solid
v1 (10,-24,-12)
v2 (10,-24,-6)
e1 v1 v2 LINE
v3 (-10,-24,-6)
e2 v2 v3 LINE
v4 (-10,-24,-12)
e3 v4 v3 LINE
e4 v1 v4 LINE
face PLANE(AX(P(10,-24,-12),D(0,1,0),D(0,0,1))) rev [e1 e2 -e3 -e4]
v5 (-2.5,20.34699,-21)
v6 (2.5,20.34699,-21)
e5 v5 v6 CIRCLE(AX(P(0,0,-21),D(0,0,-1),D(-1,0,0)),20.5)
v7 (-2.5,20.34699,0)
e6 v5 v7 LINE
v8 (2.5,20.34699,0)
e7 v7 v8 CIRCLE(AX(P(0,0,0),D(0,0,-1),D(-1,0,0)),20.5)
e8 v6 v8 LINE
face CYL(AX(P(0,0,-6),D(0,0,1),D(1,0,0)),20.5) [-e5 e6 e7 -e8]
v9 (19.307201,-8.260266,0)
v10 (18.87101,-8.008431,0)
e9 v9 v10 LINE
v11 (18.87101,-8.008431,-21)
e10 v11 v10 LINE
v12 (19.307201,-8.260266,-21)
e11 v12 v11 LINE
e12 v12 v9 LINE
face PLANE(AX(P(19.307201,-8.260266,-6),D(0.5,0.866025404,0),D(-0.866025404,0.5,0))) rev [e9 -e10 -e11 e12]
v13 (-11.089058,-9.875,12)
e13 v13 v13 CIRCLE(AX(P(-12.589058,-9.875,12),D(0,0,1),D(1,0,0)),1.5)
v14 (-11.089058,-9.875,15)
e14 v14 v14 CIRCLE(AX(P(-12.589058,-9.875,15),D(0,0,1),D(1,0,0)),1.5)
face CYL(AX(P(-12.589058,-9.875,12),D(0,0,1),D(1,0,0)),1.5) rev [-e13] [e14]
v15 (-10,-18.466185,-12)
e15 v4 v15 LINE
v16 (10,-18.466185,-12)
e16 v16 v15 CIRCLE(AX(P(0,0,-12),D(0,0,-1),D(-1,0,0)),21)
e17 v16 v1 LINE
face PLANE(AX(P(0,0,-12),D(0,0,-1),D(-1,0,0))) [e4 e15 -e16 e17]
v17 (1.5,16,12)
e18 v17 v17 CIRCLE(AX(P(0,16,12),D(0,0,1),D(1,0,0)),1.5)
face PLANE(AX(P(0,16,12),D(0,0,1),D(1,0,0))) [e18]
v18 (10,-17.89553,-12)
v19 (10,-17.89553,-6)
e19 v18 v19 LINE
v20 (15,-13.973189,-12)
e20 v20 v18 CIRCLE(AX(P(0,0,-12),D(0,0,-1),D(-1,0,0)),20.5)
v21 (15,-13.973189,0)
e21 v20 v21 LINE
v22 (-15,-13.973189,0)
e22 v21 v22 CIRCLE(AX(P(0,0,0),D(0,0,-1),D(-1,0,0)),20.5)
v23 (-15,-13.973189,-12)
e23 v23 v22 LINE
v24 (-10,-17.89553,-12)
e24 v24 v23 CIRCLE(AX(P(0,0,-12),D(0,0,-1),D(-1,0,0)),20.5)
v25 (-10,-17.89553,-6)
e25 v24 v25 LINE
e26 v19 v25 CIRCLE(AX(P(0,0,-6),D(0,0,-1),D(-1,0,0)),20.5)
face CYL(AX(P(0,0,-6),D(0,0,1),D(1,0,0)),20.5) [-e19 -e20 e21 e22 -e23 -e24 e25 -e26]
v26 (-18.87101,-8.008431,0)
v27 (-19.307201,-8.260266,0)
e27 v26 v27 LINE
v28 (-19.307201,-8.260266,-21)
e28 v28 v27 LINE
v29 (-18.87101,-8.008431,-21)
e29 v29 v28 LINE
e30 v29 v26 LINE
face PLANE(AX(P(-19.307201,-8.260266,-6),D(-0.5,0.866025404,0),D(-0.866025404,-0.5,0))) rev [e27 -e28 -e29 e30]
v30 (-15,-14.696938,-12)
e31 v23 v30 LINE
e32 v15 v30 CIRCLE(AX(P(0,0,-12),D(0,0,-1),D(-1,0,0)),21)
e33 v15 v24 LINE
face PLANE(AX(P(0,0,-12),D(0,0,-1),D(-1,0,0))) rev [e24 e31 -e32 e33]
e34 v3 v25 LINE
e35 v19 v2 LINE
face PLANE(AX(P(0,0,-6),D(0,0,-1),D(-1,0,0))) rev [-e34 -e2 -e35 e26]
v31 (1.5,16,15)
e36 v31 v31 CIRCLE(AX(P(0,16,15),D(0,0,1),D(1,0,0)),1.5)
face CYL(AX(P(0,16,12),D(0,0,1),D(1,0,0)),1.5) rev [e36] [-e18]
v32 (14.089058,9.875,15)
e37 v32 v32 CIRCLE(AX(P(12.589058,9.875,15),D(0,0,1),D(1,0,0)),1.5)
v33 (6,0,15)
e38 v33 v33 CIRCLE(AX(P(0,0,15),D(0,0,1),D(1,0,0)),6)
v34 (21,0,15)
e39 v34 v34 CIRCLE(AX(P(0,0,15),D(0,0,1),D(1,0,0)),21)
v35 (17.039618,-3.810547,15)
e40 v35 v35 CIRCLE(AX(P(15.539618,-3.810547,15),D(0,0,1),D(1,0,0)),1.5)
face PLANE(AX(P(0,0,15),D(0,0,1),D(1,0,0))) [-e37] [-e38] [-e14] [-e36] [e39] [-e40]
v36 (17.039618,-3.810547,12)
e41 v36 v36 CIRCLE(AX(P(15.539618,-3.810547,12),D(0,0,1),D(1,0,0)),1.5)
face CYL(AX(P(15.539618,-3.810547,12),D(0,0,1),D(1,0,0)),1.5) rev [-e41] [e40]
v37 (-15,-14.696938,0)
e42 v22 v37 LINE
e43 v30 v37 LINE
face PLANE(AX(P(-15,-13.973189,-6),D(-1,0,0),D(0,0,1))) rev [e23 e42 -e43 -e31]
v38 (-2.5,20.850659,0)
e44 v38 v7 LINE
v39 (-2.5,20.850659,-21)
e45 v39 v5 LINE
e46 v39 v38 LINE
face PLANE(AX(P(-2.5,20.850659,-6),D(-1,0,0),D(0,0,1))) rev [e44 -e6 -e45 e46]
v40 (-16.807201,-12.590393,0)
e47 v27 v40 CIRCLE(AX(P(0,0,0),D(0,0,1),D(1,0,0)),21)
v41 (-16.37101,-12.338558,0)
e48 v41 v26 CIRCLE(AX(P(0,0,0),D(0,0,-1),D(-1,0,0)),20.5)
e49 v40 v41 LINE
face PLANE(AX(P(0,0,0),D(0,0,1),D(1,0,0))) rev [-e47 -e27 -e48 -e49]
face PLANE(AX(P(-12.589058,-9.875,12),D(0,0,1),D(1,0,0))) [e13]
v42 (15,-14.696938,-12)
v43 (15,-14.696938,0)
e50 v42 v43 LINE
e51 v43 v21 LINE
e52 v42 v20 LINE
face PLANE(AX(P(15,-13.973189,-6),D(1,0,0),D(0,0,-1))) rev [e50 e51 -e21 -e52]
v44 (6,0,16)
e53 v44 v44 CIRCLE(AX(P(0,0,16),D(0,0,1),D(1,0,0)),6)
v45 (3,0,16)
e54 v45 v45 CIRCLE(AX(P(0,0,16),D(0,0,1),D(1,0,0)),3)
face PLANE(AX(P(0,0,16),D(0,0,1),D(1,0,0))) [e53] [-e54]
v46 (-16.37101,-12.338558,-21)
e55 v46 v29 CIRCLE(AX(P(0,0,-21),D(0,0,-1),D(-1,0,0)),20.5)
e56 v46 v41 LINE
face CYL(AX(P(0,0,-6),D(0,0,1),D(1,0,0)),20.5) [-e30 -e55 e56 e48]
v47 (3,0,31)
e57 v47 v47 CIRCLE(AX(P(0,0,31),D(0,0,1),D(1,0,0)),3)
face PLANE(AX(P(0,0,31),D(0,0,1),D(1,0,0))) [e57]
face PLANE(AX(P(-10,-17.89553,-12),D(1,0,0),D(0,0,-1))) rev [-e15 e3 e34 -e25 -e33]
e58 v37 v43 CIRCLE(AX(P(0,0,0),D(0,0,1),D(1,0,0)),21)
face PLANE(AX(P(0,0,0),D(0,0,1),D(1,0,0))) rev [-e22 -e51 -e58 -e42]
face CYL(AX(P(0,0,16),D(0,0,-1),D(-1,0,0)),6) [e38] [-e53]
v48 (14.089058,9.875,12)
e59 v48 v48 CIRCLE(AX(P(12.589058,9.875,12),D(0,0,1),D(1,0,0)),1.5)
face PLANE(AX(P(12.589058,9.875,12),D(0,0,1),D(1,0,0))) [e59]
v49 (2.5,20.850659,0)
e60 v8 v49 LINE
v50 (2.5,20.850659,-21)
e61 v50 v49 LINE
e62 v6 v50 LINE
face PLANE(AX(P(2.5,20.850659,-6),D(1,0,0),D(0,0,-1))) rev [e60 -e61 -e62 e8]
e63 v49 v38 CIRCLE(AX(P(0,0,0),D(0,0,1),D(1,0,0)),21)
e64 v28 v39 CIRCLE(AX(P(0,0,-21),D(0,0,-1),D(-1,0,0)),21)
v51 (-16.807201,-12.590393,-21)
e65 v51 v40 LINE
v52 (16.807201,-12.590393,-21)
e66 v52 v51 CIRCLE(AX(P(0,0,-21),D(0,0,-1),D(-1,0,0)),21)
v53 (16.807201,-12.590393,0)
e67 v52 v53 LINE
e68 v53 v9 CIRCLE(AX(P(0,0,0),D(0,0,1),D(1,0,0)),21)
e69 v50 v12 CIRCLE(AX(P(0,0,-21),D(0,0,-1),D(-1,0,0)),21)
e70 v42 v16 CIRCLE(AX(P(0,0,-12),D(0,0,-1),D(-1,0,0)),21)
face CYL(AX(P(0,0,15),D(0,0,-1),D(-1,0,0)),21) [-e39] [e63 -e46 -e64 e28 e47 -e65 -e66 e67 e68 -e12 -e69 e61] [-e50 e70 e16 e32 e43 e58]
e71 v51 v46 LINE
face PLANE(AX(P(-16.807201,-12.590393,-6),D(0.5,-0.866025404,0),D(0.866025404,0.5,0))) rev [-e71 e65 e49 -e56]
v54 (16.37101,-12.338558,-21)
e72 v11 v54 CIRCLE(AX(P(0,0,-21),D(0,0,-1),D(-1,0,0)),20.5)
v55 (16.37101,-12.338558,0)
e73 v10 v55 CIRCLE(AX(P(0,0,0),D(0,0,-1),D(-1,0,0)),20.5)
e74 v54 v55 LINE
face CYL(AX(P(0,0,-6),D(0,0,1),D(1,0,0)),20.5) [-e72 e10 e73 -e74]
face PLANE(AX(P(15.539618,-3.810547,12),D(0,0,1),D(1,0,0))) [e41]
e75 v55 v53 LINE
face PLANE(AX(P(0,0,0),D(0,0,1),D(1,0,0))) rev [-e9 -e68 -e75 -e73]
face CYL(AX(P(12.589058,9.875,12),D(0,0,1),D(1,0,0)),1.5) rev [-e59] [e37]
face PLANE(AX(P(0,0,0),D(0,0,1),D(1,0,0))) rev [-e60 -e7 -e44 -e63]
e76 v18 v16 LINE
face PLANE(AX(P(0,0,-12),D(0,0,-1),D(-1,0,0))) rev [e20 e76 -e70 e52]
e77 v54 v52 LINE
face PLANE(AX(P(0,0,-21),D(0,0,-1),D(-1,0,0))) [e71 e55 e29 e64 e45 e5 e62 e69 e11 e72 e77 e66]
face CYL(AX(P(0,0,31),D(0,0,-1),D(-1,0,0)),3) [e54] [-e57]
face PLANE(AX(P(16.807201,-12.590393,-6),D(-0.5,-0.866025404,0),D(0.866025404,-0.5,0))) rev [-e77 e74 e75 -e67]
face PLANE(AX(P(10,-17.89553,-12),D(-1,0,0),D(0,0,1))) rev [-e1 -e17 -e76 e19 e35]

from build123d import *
from build123d.topology import SkipClean

# Parameters (mm, degrees)
SKETCH_1_R          = 21
EXTRUDE_1_DEPTH     = 15
EXTRUDE_START       = 6
EXTRUDE_2_DEPTH     = 6
EXTRUDE_3_DEPTH     = 6
EXTRUDE_START_2     = 9
EXTRUDE_4_DEPTH     = 9
SKETCH_6_R          = 6
EXTRUDE_5_DEPTH     = 1
SKETCH_7_R          = 3
EXTRUDE_6_DEPTH     = 15
SKETCH_8_R          = 1.5
CUT_EXTRUDE_1_DEPTH = 3


with BuildPart() as part:
    # 草图1 → 凸台-拉伸1 (new body)
    with BuildSketch(Plane.XY):
        Circle(SKETCH_1_R)
    extrude(amount=EXTRUDE_1_DEPTH)

    # 草图2 → 凸台-拉伸2 (add)
    with SkipClean():  # the faces are left unmerged after this step: merging them gives an invalid solid
        with BuildSketch(Plane(origin=(0, 0, 0), x_dir=(-1, 0, 0), z_dir=(0, 0, -1)).offset(EXTRUDE_START)):
            with BuildLine():
                Line((2.5, 20.850659462), (2.5, 20.346989949))
                ThreePointArc((2.5, 20.346989949), (0, 20.5), (-2.5, 20.346989949))
                Line((-2.5, 20.346989949), (-2.5, 20.850659462))
                ThreePointArc((-2.5, 20.850659462), (-18.186533479, 10.5), (-19.30720078, -8.260266222))
                Line((-19.30720078, -8.260266222), (-18.871010187, -8.008431465))
                ThreePointArc((-18.871010187, -8.008431465), (-17.753520778, -10.25), (-16.371010187, -12.338558484))
                Line((-16.371010187, -12.338558484), (-16.80720078, -12.59039324))
                ThreePointArc((-16.80720078, -12.59039324), (-15.938440593, -13.673555187), (-15, -14.696938457))
                Line((-15, -14.696938457), (-15, -13.973188612))
                ThreePointArc((-15, -13.973188612), (0, -20.5), (15, -13.973188612))
                Line((15, -13.973188612), (15, -14.696938457))
                ThreePointArc((15, -14.696938457), (15.938440593, -13.673555187), (16.80720078, -12.59039324))
                Line((16.80720078, -12.59039324), (16.371010187, -12.338558484))
                ThreePointArc((16.371010187, -12.338558484), (17.753520778, -10.25), (18.871010187, -8.008431465))
                Line((18.871010187, -8.008431465), (19.30720078, -8.260266222))
                ThreePointArc((19.30720078, -8.260266222), (18.186533479, 10.5), (2.5, 20.850659462))
            make_face()
        extrude(amount=-EXTRUDE_2_DEPTH)

    # 草图4 → 凸台-拉伸3 (add)
    with SkipClean():  # the faces are left unmerged after this step: merging them gives an invalid solid
        with BuildSketch(Plane(origin=(0, 0, -6), x_dir=(-1, 0, 0), z_dir=(0, 0, -1)).offset(EXTRUDE_START)):
            with BuildLine():
                Line((10, -17.895530168), (10, -24))
                Line((10, -24), (-10, -24))
                Line((-10, -24), (-10, -17.895530168))
                ThreePointArc((-10, -17.895530168), (-12.652912345, -16.129284212), (-15, -13.973188612))
                Line((-15, -13.973188612), (-15, -14.696938457))
                ThreePointArc((-15, -14.696938457), (-15.938440593, -13.673555187), (-16.80720078, -12.59039324))
                Line((-16.80720078, -12.59039324), (-16.371010187, -12.338558484))
                ThreePointArc((-16.371010187, -12.338558484), (-17.753520778, -10.25), (-18.871010187, -8.008431465))
                Line((-18.871010187, -8.008431465), (-19.30720078, -8.260266222))
                ThreePointArc((-19.30720078, -8.260266222), (-18.186533479, 10.5), (-2.5, 20.850659462))
                Line((-2.5, 20.850659462), (-2.5, 20.346989949))
                ThreePointArc((-2.5, 20.346989949), (0, 20.5), (2.5, 20.346989949))
                Line((2.5, 20.346989949), (2.5, 20.850659462))
                ThreePointArc((2.5, 20.850659462), (18.186533479, 10.5), (19.30720078, -8.260266222))
                Line((19.30720078, -8.260266222), (18.871010187, -8.008431465))
                ThreePointArc((18.871010187, -8.008431465), (17.753520778, -10.25), (16.371010187, -12.338558484))
                Line((16.371010187, -12.338558484), (16.80720078, -12.59039324))
                ThreePointArc((16.80720078, -12.59039324), (15.938440593, -13.673555187), (15, -14.696938457))
                Line((15, -14.696938457), (15, -13.973188612))
                ThreePointArc((15, -13.973188612), (12.652912345, -16.129284212), (10, -17.895530168))
            make_face()
        extrude(amount=-EXTRUDE_3_DEPTH)

    # 草图5 → 凸台-拉伸4 (add)
    with SkipClean():  # the faces are left unmerged after this step: merging them gives an invalid solid
        with BuildSketch(Plane(origin=(0, 0, -12), x_dir=(-1, 0, 0), z_dir=(0, 0, -1)).offset(EXTRUDE_START_2)):
            with BuildLine():
                Line((18.871010187, -8.008431465), (19.30720078, -8.260266222))
                ThreePointArc((19.30720078, -8.260266222), (18.186533479, 10.5), (2.5, 20.850659462))
                Line((2.5, 20.850659462), (2.5, 20.346989949))
                ThreePointArc((2.5, 20.346989949), (0, 20.5), (-2.5, 20.346989949))
                Line((-2.5, 20.346989949), (-2.5, 20.850659462))
                ThreePointArc((-2.5, 20.850659462), (-18.186533479, 10.5), (-19.30720078, -8.260266222))
                Line((-19.30720078, -8.260266222), (-18.871010187, -8.008431465))
                ThreePointArc((-18.871010187, -8.008431465), (-17.753520778, -10.25), (-16.371010187, -12.338558484))
                Line((-16.371010187, -12.338558484), (-16.80720078, -12.59039324))
                ThreePointArc((-16.80720078, -12.59039324), (-15.938440593, -13.673555187), (-15, -14.696938457))
                ThreePointArc((-15, -14.696938457), (0, -21), (15, -14.696938457))
                ThreePointArc((15, -14.696938457), (15.938440593, -13.673555187), (16.80720078, -12.59039324))
                Line((16.80720078, -12.59039324), (16.371010187, -12.338558484))
                ThreePointArc((16.371010187, -12.338558484), (17.753520778, -10.25), (18.871010187, -8.008431465))
            make_face()
        extrude(amount=-EXTRUDE_4_DEPTH)

    # 草图6 → 凸台-拉伸5 (add)
    with SkipClean():  # the faces are left unmerged after this step: merging them gives an invalid solid
        with BuildSketch(Plane.XY.offset(15)):
            Circle(SKETCH_6_R)
        extrude(amount=EXTRUDE_5_DEPTH)

    # 草图7 → 凸台-拉伸6 (add)
    with SkipClean():  # the faces are left unmerged after this step: merging them gives an invalid solid
        with BuildSketch(Plane.XY.offset(16)):
            Circle(SKETCH_7_R)
        extrude(amount=EXTRUDE_6_DEPTH)

    # 草图8 → 切除-拉伸1 (cut)
    with SkipClean():  # the faces are left unmerged after this step: merging them gives an invalid solid
        with BuildSketch(Plane.XY.offset(15)):
            with Locations((0, 16)):
                Circle(SKETCH_8_R)
            with Locations((12.589057749, 9.875)):
                Circle(SKETCH_8_R)
            with Locations((15.539618159, -3.810546875)):
                Circle(SKETCH_8_R)
            with Locations((-12.589057749, -9.875)):
                Circle(SKETCH_8_R)
        extrude(amount=-CUT_EXTRUDE_1_DEPTH, mode=Mode.SUBTRACT)


solid = part.part
